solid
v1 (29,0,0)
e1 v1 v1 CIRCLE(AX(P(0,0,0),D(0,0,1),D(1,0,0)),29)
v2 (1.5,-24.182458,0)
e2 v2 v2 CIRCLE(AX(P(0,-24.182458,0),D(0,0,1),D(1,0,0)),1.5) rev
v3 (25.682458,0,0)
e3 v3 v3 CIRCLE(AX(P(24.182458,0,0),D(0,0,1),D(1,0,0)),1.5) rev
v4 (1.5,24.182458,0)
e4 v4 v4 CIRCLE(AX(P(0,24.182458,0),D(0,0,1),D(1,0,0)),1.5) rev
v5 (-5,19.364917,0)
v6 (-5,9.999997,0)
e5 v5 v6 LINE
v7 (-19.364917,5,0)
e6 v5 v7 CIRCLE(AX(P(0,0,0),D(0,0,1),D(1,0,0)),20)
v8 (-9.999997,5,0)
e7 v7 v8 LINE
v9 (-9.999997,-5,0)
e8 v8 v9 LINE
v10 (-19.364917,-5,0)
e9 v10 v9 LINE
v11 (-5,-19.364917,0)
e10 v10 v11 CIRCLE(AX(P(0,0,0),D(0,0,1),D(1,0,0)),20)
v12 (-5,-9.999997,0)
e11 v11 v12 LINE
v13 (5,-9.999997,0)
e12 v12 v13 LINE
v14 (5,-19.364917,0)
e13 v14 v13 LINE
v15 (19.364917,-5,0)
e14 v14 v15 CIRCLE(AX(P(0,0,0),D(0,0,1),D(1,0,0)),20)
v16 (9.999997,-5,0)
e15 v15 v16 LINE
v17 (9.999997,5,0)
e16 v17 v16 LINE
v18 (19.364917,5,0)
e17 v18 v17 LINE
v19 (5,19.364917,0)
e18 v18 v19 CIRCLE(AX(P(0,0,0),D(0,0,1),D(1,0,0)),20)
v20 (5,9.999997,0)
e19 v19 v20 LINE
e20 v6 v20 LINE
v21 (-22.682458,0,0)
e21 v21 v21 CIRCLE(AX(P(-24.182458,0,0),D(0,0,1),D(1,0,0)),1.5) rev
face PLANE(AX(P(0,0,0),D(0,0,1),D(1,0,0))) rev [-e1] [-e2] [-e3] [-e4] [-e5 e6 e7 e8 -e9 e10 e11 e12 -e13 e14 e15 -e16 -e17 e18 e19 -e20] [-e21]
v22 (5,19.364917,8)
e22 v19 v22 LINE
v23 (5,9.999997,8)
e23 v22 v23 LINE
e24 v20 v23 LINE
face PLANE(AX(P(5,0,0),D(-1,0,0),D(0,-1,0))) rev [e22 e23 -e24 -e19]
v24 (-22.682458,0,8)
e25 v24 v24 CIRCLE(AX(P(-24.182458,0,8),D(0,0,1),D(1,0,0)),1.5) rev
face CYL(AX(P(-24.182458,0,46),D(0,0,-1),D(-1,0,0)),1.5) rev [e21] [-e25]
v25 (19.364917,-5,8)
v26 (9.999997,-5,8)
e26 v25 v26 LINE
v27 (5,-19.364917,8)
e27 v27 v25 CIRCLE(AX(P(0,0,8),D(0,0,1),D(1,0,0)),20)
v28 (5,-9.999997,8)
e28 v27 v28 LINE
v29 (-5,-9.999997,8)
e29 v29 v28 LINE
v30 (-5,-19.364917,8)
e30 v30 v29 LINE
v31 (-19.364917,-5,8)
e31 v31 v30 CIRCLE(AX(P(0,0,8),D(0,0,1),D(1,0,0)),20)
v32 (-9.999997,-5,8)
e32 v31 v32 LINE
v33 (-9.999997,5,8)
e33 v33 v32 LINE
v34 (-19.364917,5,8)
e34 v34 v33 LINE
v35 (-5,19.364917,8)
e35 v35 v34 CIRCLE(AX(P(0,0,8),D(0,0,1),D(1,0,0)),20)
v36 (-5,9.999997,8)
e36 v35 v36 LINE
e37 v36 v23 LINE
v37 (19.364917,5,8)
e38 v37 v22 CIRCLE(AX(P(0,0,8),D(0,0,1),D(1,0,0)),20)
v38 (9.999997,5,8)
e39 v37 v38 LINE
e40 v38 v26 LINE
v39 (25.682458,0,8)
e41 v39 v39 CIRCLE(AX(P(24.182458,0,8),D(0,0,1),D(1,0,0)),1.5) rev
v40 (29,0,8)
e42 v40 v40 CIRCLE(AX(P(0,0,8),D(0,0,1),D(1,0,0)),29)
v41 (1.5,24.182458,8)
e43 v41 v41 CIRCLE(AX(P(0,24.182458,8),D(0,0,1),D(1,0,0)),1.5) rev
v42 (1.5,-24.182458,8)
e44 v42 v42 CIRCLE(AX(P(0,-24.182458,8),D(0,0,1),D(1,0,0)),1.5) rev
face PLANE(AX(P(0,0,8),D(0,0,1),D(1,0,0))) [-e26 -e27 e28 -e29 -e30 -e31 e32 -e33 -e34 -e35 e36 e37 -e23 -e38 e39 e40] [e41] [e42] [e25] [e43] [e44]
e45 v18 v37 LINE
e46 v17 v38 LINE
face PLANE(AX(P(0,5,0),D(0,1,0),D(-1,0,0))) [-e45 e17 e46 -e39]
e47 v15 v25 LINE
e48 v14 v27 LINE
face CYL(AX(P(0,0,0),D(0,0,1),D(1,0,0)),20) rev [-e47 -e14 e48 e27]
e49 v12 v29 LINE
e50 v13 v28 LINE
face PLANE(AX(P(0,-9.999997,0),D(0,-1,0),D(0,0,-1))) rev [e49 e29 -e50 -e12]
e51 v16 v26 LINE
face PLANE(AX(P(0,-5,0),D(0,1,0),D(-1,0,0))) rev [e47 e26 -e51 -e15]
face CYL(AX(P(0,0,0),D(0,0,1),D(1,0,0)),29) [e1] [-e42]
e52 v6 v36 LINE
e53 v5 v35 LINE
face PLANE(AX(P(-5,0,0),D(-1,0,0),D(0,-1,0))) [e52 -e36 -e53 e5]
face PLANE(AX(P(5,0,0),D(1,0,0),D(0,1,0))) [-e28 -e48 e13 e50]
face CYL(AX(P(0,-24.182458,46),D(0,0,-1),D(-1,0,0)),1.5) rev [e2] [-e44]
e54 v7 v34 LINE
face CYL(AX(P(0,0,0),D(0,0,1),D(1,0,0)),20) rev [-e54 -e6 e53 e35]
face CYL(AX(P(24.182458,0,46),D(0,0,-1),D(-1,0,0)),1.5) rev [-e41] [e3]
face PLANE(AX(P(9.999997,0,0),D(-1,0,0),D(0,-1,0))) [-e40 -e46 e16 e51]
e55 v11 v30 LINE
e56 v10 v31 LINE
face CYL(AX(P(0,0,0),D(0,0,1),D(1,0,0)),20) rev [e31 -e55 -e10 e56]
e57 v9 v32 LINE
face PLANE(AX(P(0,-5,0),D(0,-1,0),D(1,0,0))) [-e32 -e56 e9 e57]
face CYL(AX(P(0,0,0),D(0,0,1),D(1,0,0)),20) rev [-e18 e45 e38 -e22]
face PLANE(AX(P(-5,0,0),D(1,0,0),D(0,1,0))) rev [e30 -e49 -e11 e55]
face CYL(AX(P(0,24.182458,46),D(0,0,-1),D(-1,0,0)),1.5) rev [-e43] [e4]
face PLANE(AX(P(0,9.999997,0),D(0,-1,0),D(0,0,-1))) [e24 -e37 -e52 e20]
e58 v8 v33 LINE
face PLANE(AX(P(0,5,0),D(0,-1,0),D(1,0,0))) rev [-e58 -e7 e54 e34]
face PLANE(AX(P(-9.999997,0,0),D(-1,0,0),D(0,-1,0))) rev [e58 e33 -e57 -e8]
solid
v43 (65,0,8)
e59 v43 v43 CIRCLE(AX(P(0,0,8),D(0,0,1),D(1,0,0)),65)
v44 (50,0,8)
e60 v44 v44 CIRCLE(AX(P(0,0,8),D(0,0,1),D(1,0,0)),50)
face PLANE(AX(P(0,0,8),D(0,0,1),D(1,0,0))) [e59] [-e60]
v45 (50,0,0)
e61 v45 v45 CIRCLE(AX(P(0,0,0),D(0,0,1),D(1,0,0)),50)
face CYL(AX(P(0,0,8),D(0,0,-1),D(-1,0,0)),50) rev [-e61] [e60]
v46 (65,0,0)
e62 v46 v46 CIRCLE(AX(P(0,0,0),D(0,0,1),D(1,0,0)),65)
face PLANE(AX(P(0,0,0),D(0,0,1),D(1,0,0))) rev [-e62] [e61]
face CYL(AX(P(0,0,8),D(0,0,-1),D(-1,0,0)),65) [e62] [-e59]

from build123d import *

# Parameters (mm, degrees)
SKETCH1_R                 = 65
SKETCH1_R_2               = 50
OUTER_RING_DEPTH          = 8
SKETCH6_R                 = 29
SKETCH6_R_2               = 20
INNER_RING_DEPTH          = 8
MOTOR_CONNECTOR_CUT_DEPTH = 8
SKETCH8_R                 = 1.5
M3_HOLES_DEPTH            = 38
M3_HOLES_DEPTH_BACK       = 14


with BuildPart() as part:
    # Sketch1 → Outer Ring (new body)
    with BuildSketch(Plane.XY):
        Circle(SKETCH1_R)
        Circle(SKETCH1_R_2, mode=Mode.SUBTRACT)
    extrude(amount=OUTER_RING_DEPTH)


with BuildPart() as body_2:
    # Sketch6 → Inner Ring (new body)
    with BuildSketch(Plane.XY.offset(8)):
        Circle(SKETCH6_R)
        Circle(SKETCH6_R_2, mode=Mode.SUBTRACT)
    extrude(amount=-INNER_RING_DEPTH)

    # Sketch7 → Motor Connector Cut (add)
    with BuildSketch(Plane.XY.offset(8)):
        with BuildLine():
            ThreePointArc((20, 0), (19.840593925, 2.52008585), (19.364916731, 5))
            Line((19.364916731, 5), (9.999996731, 5))
            Line((9.999996731, 5), (9.999996731, -5))
            Line((9.999996731, -5), (19.364916731, -5))
            ThreePointArc((19.364916731, -5), (19.840593925, -2.52008585), (20, 0))
        make_face()
        with BuildLine():
            ThreePointArc((5, 19.364916731), (0, 20), (-5, 19.364916731))
            Line((-5, 19.364916731), (-5, 9.999996731))
            Line((-5, 9.999996731), (5, 9.999996731))
            Line((5, 9.999996731), (5, 19.364916731))
        make_face()
        with BuildLine():
            Line((-9.999996731, -5), (-9.999996731, 5))
            Line((-9.999996731, 5), (-19.364916731, 5))
            ThreePointArc((-19.364916731, 5), (-20, 0), (-19.364916731, -5))
            Line((-19.364916731, -5), (-9.999996731, -5))
        make_face()
        with BuildLine():
            Line((-5, -9.999996731), (-5, -19.364916731))
            ThreePointArc((-5, -19.364916731), (0, -20), (5, -19.364916731))
            Line((5, -19.364916731), (5, -9.999996731))
            Line((5, -9.999996731), (-5, -9.999996731))
        make_face()
    extrude(amount=-MOTOR_CONNECTOR_CUT_DEPTH)

    # Sketch8 → M3 Holes (cut, two sides)
    with BuildSketch(Plane.XY.offset(8)) as m3_holes_sk:
        with Locations((0, 24.182458366)):
            Circle(SKETCH8_R)
        with Locations((24.182458366, 0)):
            Circle(SKETCH8_R)
        with Locations((0, -24.182458366)):
            Circle(SKETCH8_R)
        with Locations((-24.182458366, 0)):
            Circle(SKETCH8_R)
    extrude(amount=M3_HOLES_DEPTH, mode=Mode.SUBTRACT)
    extrude(m3_holes_sk.sketch, amount=-M3_HOLES_DEPTH_BACK, mode=Mode.SUBTRACT)


solid = Compound([part.part, body_2.part])
